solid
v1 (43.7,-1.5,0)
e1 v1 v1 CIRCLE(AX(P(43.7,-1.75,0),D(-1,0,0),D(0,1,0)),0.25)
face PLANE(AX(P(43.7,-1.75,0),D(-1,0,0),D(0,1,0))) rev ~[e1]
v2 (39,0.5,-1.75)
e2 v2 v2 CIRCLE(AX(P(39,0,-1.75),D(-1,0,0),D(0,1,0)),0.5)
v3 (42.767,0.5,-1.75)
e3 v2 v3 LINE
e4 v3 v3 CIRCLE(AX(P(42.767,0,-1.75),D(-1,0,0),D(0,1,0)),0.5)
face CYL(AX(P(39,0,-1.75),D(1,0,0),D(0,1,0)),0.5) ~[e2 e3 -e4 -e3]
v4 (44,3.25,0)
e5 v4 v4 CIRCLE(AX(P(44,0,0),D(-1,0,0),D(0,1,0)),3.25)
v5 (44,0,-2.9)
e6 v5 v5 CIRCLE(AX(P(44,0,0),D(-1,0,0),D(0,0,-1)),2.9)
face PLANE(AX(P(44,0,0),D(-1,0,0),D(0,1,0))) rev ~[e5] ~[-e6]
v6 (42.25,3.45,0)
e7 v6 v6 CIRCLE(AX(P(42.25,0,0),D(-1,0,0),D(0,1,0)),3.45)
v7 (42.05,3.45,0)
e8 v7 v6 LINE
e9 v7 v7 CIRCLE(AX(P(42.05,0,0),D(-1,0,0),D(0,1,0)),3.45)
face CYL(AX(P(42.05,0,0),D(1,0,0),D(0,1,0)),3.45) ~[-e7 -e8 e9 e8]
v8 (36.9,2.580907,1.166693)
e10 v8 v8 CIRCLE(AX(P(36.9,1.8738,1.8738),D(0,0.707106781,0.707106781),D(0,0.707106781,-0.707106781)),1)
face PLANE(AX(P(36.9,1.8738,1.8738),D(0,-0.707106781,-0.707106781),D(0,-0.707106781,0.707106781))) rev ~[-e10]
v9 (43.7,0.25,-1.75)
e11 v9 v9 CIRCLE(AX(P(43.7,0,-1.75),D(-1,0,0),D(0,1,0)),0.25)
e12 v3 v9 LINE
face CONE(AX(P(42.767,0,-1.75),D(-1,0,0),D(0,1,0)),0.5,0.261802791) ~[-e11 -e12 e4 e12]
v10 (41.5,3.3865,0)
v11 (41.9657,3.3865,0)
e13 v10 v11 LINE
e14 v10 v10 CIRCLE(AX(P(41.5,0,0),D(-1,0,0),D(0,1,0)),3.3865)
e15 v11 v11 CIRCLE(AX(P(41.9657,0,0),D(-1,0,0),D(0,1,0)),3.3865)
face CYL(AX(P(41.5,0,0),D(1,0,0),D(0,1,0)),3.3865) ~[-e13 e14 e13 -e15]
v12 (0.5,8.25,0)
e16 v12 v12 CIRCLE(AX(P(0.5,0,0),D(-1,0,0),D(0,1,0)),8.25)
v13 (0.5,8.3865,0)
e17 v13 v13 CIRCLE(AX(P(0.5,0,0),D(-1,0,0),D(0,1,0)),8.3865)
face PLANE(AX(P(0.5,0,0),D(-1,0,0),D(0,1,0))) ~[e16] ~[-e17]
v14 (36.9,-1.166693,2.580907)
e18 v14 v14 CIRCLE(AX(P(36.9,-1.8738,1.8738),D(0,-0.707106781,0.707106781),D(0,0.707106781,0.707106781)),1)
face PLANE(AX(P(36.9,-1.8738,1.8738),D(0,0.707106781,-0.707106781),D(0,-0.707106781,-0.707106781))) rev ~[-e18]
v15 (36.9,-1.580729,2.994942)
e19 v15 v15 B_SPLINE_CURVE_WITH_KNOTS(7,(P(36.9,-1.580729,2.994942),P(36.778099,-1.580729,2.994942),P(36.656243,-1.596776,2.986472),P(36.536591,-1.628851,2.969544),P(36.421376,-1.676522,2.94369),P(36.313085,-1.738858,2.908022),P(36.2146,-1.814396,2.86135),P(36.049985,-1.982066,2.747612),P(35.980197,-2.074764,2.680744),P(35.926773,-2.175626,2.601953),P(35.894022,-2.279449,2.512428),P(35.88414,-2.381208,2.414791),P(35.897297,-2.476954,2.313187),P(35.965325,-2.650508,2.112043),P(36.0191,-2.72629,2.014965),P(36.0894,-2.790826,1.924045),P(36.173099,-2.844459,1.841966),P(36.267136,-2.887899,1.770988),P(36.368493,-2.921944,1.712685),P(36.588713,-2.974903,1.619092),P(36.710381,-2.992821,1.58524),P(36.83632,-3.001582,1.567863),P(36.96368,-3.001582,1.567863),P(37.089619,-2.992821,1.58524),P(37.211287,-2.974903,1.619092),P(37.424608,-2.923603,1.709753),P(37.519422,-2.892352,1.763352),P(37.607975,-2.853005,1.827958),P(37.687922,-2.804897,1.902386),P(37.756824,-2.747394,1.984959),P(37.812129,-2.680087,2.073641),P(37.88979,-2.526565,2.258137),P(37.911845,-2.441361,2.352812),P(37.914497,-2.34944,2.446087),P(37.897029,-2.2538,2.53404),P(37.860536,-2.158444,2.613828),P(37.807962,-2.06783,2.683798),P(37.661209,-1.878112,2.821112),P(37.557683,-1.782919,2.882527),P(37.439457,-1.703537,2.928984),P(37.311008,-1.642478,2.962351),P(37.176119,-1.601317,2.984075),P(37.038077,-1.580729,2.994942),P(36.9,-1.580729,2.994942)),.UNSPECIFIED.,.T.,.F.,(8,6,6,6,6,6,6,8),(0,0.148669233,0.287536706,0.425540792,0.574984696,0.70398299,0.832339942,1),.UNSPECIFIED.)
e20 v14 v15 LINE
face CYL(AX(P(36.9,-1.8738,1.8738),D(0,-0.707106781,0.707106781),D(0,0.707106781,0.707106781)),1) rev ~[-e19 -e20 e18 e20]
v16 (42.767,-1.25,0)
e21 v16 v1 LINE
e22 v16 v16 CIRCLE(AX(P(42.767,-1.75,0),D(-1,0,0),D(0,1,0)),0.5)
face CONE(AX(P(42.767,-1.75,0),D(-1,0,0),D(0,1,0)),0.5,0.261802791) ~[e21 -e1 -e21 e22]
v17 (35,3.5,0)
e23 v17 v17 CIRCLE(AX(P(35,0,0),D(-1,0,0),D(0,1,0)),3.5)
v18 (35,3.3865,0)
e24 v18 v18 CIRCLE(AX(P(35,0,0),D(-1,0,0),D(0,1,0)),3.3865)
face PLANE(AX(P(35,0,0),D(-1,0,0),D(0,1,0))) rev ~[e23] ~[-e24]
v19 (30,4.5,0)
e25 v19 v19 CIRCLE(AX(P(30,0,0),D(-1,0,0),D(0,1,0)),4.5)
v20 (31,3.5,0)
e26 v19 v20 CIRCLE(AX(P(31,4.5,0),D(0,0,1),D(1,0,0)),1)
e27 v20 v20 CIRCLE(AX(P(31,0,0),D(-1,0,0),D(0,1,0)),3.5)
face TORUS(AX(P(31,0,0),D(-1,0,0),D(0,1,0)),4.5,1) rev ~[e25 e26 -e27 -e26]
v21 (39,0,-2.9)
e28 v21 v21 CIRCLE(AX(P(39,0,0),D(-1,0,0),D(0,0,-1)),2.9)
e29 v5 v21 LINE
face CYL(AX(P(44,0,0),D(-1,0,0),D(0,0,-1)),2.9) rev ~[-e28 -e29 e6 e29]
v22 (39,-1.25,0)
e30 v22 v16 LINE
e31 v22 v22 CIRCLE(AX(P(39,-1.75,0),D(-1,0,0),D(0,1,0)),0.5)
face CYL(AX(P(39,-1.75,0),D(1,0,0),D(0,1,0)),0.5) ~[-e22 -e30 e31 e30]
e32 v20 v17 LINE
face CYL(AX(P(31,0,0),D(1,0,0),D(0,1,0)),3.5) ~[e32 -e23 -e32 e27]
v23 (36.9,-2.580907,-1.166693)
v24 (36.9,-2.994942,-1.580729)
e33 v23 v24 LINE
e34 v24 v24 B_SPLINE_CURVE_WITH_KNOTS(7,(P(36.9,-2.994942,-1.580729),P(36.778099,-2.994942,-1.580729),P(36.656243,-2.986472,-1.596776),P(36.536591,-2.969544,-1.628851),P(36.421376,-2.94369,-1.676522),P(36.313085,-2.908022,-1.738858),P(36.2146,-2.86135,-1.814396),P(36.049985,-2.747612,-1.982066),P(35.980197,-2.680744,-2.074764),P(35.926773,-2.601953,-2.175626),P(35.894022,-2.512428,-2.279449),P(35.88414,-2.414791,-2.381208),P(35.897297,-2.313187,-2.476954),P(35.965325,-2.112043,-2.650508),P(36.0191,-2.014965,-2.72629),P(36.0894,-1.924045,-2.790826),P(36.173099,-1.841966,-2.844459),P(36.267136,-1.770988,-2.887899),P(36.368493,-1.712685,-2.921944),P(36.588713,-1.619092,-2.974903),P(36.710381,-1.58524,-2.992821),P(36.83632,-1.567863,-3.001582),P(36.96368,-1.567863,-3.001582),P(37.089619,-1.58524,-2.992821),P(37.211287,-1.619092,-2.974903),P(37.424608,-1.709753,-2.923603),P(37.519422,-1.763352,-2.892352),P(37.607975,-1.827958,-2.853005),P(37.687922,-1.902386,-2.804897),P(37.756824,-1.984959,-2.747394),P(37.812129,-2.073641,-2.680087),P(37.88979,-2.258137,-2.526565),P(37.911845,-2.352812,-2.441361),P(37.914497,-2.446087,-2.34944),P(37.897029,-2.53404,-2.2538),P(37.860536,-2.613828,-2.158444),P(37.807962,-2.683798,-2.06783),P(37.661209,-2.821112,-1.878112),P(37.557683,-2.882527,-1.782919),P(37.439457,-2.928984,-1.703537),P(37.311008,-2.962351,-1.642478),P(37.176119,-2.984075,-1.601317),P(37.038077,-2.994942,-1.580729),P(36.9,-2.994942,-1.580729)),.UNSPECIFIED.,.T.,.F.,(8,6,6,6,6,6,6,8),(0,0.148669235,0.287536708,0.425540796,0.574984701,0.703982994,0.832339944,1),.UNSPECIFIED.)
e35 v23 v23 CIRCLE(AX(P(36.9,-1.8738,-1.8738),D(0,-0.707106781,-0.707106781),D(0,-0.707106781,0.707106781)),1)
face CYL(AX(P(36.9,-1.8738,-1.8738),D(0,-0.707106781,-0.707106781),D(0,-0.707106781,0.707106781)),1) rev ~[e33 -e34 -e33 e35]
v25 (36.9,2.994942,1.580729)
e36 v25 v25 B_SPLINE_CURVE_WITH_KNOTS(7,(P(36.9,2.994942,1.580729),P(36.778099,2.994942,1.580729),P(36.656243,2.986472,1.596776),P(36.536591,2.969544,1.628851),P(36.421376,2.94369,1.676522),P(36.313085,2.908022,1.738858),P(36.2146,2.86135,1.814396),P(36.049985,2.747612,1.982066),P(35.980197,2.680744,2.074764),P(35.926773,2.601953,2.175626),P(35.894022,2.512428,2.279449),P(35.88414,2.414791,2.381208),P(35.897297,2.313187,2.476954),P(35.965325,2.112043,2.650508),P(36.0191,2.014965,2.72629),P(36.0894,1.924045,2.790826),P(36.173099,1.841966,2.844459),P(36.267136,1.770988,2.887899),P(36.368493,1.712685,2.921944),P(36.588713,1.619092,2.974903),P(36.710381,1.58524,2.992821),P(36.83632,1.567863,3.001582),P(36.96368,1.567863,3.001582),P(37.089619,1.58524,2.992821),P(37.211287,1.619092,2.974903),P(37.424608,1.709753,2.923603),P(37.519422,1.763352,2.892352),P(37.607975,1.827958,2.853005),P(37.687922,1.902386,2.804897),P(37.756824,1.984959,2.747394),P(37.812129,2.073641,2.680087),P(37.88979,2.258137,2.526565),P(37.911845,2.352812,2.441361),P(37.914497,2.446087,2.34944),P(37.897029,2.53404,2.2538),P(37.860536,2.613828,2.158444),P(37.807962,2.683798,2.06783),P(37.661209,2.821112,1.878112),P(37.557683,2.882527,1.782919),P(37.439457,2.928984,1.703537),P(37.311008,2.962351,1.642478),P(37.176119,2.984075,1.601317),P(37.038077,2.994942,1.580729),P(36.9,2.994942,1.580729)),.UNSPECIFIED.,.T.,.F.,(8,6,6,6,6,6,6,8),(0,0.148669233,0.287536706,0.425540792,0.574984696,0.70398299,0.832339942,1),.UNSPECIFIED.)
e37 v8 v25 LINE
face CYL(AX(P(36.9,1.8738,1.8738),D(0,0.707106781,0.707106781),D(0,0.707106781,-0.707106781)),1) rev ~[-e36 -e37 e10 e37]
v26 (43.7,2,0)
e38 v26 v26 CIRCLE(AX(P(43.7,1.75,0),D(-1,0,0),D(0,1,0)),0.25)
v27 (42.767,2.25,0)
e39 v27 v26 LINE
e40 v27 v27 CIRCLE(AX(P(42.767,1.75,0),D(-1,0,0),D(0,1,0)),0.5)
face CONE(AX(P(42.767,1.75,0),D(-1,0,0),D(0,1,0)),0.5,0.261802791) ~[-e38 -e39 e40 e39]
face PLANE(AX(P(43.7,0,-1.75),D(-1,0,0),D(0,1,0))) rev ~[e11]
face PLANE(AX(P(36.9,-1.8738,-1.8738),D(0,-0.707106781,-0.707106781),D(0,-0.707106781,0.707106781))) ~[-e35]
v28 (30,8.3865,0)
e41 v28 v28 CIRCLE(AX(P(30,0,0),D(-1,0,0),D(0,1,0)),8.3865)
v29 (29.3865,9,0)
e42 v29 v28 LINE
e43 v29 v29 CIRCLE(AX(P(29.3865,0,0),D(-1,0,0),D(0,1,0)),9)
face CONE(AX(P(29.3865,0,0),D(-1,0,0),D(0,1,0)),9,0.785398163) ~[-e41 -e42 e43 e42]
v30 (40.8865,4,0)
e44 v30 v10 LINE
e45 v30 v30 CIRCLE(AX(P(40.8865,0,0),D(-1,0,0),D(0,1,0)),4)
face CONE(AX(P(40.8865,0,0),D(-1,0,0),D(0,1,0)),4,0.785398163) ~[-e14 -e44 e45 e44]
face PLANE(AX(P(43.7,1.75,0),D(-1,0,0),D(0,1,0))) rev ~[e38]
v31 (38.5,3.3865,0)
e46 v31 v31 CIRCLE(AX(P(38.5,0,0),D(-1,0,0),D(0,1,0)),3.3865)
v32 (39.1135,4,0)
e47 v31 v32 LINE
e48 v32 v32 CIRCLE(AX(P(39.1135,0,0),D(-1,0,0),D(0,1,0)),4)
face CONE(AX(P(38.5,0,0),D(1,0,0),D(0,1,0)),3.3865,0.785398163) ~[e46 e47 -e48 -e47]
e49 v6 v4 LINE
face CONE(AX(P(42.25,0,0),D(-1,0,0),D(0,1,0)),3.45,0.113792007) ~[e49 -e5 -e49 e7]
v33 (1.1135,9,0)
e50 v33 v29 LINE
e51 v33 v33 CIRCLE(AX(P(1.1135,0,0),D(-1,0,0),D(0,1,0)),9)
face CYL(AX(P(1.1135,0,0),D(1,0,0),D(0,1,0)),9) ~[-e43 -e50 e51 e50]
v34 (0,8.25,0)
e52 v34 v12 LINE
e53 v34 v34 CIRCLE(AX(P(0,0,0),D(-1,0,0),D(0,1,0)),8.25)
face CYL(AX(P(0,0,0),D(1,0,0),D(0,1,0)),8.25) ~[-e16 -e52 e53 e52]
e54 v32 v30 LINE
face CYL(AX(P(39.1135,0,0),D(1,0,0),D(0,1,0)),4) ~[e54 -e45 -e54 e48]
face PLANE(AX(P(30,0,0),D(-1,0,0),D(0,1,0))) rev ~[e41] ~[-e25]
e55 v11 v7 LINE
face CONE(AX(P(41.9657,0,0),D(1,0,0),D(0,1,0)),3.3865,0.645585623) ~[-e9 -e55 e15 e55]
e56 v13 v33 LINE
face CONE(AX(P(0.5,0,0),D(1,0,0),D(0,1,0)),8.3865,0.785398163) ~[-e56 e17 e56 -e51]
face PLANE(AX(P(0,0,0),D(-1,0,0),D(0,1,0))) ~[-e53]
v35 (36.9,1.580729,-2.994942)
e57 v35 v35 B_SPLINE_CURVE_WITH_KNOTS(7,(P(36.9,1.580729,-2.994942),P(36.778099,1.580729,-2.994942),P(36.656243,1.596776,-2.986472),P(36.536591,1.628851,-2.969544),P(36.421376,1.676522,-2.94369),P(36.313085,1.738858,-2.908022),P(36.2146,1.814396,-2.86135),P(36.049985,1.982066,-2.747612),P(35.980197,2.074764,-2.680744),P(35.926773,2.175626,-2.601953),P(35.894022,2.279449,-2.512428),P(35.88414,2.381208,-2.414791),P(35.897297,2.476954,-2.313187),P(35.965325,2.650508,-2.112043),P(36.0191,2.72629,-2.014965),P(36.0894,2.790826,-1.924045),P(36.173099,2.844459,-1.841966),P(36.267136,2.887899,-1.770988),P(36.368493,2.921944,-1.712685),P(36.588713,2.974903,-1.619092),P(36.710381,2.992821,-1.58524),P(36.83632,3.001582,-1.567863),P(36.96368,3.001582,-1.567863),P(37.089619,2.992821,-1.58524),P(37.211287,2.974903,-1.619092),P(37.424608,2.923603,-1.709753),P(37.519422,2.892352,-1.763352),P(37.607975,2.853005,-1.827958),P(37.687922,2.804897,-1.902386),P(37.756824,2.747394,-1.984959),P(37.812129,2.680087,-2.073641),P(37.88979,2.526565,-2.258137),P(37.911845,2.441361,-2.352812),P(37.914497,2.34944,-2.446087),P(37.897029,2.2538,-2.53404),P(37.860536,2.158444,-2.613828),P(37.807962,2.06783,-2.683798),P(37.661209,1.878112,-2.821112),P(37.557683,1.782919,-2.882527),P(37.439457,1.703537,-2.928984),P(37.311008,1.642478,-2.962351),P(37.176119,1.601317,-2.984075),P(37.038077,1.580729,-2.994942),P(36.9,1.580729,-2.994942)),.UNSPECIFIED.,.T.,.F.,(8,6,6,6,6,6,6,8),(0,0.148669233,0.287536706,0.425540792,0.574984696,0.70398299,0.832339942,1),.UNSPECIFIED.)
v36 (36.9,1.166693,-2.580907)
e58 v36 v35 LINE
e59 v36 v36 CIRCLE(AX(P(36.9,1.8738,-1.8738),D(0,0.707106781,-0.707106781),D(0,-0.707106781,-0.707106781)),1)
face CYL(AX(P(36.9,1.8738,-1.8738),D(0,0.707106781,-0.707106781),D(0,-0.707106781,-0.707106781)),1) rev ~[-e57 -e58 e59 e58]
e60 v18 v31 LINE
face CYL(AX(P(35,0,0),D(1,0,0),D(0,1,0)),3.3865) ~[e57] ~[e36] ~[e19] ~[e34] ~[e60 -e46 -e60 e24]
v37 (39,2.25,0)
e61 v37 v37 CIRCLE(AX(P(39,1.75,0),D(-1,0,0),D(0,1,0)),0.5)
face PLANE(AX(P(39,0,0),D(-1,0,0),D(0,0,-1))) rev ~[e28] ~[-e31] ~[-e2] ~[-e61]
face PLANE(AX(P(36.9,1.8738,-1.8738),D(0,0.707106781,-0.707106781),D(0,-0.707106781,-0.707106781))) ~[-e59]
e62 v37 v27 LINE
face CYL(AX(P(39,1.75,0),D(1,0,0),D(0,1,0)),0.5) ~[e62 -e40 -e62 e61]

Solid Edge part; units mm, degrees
sketch "Sketch1" plane through (0, 0, 0) normal (0, 0, 1) x (1, 0, 0)
  line L0 (0, 0) -> (0, 8.25)
  line L1 (0, 8.25) -> (0.5, 8.25)
  line L2 (0.5, 8.25) -> (0.5, 8.3865)
  line L3 (0.5, 8.3865) -> (1.1135, 9)
  line L4 (1.1135, 9) -> (29.3865, 9)
  line L5 (29.3865, 9) -> (30, 8.3865)
  line L6 (30, 8.3865) -> (30, 4.5)
  arc A0 (30, 4.5) -> (31, 3.5) centre (31, 4.5) ccw
  line L7 (31, 3.5) -> (35, 3.5)
  line L8 (35, 3.5) -> (35, 3.3865)
  line L9 (35, 3.3865) -> (38.5, 3.3865)
  line L10 (38.5, 3.3865) -> (39.1135, 4)
  line L11 (39.1135, 4) -> (40.8865, 4)
  line L12 (40.8865, 4) -> (41.5, 3.3865)
  line L13 (41.5, 3.3865) -> (41.9657, 3.3865)
  line L14 (41.9657, 3.3865) -> (42.05, 3.45)
  line L15 (42.05, 3.45) -> (42.25, 3.45)
  line L16 (42.25, 3.45) -> (44, 3.25)
  line L17 (44, 3.25) -> (44, 0)
  line L18 (44, 0) -> (0, 0)
revolve "RevolvedProtrusion1" add sketch "Sketch1" angle 360 about axis through (44, 0, 0) along (-1, 0, 0)
cosmetic_thread "Thread1" size "M8 x 1"
hole "Bohrung_1" at (44, 0, 0) direction (-1, 0, 0) diameter 5.8 depth 5
hole "Bohrung_2" at (36.9, 1.8738, 1.8738) direction (0, 0.7071, 0.7071) diameter 2 depth 0.75
hole "Bohrung_3" at (36.9, -1.8738, 1.8738) direction (0, -0.7071, 0.7071) diameter 2 depth 0.75
hole "Bohrung_4" at (36.9, -1.8738, -1.8738) direction (0, -0.7071, -0.7071) diameter 2 depth 0.75
hole "Bohrung_5" at (36.9, 1.8738, -1.8738) direction (0, 0.7071, -0.7071) diameter 2 depth 0.75
sketch "Sketch2" plane through (0, 0, 0) normal (0, 0, 1) x (1, 0, 0)
  line L0 (39, 1.75) -> (39, 2.25)
  line L1 (39, 2.25) -> (42.767, 2.25)
  line L2 (42.767, 2.25) -> (43.7, 2)
  line L3 (43.7, 2) -> (43.7, 1.75)
  line L4 (43.7, 1.75) -> (39, 1.75)
revolve "RevolvedProtrusion2" add sketch "Sketch2" angle 360 about axis through (43.7, 1.75, 0) along (-1, 0, 0)
sketch "Sketch3" plane through (0, 0, 0) normal (0, 0, 1) x (1, 0, 0)
  line L0 (39, -1.75) -> (39, -1.25)
  line L1 (39, -1.25) -> (42.767, -1.25)
  line L2 (42.767, -1.25) -> (43.7, -1.5)
  line L3 (43.7, -1.5) -> (43.7, -1.75)
  line L4 (43.7, -1.75) -> (39, -1.75)
revolve "RevolvedProtrusion3" add sketch "Sketch3" angle 360 about axis through (43.7, -1.75, 0) along (-1, 0, 0)
sketch "Sketch4" plane through (0, 0, -1.75) normal (0, 0, 1) x (1, 0, 0)
  line L0 (39, 0) -> (39, 0.5)
  line L1 (39, 0.5) -> (42.767, 0.5)
  line L2 (42.767, 0.5) -> (43.7, 0.25)
  line L3 (43.7, 0.25) -> (43.7, 0)
  line L4 (43.7, 0) -> (39, 0)
revolve "RevolvedProtrusion4" add sketch "Sketch4" angle 360 about axis through (43.7, 0, -1.75) along (-1, 0, 0)
properties part number "BALLUFF BES 516-326-G-E5-Y-S49_1"
